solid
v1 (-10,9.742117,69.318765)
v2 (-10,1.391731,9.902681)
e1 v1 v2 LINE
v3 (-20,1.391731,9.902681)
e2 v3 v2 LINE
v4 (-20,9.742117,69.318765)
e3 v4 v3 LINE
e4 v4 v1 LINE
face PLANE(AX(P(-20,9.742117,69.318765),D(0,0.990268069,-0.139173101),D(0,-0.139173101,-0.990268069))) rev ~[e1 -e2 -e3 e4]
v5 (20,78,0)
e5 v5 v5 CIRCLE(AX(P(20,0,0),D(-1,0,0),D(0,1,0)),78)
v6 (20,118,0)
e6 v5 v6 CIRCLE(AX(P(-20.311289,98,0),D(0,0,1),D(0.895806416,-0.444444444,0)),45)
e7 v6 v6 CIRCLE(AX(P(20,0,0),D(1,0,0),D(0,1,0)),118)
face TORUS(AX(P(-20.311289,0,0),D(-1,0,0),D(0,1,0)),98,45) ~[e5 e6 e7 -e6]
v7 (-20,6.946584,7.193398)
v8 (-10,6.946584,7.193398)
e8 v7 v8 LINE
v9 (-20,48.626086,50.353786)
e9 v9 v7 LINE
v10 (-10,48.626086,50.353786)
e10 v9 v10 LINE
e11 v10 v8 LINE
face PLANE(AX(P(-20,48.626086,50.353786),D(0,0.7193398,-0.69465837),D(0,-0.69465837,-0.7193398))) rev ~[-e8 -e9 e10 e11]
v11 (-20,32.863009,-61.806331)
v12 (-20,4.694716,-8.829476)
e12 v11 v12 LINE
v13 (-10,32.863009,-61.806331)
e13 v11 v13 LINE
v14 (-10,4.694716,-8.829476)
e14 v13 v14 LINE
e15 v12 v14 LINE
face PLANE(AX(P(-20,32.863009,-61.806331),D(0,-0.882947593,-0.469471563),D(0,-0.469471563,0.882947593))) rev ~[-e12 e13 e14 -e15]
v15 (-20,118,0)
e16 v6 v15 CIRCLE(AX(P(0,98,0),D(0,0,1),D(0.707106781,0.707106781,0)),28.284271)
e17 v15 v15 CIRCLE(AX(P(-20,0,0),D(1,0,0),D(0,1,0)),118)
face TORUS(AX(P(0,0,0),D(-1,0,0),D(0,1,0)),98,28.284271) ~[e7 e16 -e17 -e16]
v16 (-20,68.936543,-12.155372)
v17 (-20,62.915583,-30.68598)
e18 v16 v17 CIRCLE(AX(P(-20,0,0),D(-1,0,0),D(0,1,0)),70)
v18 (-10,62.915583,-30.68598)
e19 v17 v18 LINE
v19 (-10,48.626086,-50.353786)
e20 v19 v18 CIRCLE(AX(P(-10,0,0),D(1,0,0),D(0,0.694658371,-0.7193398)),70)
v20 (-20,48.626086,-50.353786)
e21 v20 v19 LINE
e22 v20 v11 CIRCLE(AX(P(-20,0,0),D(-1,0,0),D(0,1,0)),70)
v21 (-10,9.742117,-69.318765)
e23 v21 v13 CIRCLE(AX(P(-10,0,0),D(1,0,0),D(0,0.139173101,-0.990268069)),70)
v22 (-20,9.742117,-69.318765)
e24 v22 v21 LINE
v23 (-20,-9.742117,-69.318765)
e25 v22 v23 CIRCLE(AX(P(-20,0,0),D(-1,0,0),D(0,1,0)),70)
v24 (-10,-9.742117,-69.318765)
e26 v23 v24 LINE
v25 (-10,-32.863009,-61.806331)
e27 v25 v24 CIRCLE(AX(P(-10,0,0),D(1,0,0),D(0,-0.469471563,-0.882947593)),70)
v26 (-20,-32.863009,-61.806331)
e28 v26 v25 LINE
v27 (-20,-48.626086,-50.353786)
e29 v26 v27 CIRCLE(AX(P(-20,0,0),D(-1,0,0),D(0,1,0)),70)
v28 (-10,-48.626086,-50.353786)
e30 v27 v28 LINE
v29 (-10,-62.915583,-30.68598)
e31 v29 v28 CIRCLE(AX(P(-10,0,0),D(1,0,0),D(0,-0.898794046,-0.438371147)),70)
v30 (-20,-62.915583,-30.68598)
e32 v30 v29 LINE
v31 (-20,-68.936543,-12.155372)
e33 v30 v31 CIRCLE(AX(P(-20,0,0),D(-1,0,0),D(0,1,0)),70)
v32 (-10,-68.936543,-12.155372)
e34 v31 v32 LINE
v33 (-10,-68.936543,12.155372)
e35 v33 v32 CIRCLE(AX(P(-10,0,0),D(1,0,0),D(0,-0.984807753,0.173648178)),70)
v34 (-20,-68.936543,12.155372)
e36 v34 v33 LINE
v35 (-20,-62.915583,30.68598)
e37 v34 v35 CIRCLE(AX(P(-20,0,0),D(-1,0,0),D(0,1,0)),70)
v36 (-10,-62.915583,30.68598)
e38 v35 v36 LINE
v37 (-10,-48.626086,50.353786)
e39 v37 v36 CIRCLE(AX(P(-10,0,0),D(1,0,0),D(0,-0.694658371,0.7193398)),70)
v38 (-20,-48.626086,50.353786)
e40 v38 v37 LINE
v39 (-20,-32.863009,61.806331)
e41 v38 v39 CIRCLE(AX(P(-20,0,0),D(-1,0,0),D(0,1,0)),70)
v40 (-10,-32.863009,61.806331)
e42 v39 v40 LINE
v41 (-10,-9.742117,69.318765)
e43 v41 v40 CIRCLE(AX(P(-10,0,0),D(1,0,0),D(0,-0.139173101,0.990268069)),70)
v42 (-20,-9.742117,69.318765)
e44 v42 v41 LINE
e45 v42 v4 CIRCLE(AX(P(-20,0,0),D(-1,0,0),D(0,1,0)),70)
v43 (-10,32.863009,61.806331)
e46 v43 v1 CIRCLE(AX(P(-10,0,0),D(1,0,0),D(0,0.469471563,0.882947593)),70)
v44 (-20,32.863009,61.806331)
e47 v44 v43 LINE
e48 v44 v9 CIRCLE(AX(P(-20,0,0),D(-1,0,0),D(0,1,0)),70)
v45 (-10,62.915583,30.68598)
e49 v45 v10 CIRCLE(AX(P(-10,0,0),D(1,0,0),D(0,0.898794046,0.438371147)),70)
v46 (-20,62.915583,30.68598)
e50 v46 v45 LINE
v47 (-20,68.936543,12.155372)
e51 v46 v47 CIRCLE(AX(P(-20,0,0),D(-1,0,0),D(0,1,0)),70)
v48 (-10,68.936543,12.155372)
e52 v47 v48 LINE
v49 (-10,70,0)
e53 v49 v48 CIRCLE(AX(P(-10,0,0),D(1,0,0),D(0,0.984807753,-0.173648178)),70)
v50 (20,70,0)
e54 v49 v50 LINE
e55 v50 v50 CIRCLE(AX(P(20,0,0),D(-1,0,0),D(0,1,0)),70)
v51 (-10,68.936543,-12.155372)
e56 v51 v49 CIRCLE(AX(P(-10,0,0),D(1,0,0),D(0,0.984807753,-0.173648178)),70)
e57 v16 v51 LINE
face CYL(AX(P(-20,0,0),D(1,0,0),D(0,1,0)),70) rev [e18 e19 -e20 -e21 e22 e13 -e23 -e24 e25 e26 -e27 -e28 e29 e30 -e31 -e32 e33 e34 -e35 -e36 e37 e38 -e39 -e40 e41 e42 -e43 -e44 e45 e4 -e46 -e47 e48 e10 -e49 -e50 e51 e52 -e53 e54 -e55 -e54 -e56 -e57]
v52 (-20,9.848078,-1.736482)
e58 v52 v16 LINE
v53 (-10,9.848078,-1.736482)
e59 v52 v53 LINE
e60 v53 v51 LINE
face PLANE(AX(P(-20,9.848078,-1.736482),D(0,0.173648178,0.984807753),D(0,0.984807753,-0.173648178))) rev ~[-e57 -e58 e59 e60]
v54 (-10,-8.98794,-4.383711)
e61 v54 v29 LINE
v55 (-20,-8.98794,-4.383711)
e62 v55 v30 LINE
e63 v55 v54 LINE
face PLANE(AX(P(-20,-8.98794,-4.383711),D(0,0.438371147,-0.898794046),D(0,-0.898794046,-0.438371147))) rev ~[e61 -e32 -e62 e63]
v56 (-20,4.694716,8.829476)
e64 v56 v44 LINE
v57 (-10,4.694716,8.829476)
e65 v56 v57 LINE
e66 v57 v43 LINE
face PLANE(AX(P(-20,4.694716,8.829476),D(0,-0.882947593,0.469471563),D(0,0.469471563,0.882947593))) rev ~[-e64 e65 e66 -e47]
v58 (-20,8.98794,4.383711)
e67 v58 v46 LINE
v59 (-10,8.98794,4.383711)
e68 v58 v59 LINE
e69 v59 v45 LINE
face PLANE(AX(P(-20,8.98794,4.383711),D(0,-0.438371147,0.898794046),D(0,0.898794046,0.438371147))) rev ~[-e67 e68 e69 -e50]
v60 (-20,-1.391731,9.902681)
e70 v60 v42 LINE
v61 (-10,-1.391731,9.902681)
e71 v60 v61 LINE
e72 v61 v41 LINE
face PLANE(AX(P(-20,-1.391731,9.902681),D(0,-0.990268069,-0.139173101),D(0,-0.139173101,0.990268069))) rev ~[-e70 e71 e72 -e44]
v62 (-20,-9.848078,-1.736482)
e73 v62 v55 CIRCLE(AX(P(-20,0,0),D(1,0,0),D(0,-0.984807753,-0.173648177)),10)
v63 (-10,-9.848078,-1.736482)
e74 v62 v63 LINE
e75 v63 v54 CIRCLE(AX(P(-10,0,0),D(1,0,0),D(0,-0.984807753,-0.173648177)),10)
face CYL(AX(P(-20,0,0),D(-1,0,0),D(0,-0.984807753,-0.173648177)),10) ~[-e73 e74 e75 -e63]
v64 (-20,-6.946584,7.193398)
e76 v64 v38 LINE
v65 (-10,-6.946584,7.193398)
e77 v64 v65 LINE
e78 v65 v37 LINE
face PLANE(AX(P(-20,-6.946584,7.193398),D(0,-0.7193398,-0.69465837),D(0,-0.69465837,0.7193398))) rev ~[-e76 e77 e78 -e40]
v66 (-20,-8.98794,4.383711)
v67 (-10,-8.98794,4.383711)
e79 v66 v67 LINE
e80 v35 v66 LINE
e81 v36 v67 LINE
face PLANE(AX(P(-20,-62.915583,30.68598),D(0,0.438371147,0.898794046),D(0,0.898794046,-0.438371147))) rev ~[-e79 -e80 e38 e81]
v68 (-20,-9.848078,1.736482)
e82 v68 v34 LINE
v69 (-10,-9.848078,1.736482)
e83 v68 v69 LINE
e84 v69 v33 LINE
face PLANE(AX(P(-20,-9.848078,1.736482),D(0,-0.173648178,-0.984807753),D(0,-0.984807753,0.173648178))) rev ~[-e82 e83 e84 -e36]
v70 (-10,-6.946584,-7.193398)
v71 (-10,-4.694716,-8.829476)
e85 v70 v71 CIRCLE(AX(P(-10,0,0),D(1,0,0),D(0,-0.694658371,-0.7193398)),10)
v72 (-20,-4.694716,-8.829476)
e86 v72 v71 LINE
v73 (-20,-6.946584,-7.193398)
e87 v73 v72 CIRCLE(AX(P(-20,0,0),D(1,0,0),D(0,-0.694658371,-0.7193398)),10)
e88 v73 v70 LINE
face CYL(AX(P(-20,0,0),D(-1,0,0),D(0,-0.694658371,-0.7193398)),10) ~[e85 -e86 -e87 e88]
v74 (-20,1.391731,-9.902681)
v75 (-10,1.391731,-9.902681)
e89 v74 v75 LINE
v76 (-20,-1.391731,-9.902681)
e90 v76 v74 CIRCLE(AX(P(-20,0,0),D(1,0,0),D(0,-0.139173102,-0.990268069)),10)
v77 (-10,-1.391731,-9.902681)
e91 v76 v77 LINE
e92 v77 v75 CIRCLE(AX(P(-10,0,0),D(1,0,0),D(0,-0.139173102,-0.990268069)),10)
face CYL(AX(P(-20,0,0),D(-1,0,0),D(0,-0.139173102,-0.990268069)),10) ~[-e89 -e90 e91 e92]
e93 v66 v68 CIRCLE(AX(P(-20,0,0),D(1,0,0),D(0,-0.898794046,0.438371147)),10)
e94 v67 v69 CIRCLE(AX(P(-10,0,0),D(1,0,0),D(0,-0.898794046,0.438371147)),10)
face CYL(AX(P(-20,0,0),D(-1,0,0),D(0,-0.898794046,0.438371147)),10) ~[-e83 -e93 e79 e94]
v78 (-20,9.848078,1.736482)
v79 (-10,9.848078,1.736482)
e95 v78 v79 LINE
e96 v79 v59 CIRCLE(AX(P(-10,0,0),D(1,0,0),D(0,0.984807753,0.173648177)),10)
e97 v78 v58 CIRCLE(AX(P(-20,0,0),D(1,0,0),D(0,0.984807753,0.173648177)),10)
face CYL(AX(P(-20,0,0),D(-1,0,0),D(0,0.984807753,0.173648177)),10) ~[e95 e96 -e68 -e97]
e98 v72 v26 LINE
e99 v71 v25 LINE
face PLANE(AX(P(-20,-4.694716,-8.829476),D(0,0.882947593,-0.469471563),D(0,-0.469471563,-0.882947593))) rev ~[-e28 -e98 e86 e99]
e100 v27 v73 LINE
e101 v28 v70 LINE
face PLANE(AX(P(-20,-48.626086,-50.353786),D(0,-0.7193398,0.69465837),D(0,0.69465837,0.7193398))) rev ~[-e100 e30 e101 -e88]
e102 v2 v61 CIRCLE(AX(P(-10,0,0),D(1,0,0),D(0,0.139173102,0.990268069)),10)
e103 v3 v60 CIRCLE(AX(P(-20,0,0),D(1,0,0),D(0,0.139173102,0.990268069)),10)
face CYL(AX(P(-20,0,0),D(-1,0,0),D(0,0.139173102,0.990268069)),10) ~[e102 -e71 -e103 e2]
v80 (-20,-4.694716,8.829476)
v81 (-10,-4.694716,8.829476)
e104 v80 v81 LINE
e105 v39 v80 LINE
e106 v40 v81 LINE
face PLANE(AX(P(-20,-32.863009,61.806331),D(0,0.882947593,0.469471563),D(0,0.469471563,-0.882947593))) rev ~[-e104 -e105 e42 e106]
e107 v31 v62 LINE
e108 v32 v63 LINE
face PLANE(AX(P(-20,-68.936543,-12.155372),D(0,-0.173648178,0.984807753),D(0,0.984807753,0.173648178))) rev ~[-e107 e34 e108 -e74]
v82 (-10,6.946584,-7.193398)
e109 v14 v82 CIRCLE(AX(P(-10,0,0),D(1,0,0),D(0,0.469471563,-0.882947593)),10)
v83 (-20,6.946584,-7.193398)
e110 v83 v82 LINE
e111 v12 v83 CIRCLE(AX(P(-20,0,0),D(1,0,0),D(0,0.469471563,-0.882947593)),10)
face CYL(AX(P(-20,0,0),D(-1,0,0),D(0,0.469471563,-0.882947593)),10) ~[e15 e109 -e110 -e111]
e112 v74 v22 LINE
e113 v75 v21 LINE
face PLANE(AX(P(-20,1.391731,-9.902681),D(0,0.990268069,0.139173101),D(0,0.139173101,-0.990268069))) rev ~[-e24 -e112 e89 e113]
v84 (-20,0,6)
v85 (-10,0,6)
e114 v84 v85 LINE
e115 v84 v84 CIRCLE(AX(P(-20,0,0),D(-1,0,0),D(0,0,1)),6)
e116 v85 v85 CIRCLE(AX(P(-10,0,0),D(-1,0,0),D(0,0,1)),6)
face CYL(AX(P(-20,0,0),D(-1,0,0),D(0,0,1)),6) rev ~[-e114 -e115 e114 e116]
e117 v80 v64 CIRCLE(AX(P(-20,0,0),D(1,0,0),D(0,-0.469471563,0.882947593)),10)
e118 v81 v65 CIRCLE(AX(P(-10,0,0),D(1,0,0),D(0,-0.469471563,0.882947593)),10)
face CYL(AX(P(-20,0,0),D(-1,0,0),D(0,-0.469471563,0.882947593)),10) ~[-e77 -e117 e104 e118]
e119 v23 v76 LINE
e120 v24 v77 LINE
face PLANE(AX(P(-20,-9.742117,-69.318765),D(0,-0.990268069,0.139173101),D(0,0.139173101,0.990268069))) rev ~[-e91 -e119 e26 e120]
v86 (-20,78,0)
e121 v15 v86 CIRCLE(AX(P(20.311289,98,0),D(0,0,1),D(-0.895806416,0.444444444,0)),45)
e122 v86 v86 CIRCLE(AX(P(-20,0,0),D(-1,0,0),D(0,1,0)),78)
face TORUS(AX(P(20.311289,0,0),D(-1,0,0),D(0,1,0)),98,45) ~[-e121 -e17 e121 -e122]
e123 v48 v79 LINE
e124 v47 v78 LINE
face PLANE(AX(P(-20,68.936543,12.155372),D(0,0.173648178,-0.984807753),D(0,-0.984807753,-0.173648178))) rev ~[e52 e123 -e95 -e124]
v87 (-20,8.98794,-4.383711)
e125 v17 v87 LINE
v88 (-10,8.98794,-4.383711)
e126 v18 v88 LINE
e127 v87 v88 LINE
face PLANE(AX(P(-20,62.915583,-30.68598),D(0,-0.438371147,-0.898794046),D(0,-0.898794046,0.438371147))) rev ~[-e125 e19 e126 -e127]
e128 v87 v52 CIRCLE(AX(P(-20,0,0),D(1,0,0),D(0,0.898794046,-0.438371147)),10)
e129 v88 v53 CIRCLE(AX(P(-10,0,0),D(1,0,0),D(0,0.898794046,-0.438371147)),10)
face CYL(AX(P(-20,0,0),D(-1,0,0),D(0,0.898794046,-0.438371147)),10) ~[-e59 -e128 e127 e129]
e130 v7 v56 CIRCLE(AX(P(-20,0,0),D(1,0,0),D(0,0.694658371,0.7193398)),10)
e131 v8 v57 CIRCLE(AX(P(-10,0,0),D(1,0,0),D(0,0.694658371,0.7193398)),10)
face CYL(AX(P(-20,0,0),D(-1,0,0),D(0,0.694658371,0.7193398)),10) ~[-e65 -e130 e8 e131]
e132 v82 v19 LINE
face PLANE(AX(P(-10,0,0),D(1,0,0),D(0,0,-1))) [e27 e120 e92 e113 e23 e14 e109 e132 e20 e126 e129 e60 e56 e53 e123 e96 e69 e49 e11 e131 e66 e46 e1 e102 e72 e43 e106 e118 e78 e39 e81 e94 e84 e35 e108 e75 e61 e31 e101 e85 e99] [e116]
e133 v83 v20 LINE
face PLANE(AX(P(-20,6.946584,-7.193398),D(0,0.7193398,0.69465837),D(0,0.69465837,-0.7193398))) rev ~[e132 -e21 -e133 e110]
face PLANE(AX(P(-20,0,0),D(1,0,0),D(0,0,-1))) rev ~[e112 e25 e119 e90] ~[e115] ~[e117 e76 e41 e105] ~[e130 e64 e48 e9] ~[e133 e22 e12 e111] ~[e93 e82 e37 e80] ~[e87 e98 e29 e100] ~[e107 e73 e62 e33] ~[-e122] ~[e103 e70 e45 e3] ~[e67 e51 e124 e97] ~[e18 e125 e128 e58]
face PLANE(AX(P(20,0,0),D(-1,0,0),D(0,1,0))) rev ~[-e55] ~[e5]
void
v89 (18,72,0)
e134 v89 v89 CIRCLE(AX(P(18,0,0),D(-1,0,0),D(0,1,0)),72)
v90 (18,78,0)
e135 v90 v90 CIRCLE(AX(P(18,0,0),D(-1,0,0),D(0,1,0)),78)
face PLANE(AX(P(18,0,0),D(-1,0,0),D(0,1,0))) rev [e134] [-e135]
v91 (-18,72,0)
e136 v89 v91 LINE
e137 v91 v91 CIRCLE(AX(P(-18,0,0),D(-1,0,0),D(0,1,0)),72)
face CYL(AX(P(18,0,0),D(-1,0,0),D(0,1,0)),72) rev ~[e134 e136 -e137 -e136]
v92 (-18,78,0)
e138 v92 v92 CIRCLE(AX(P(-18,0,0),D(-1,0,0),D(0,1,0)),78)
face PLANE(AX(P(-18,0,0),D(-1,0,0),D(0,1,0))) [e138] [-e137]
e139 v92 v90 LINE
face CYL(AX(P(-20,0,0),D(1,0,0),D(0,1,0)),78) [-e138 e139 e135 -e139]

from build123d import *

# Parameters (mm, degrees)
SKETCH4_R           = 6
BOSS_EXTRUDE2_DEPTH = 10


with BuildPart() as part:
    # Sketch1 → Revolve1 (revolve)
    with BuildSketch(Plane.XY):
        Polygon((18, 78), (20, 78), (20, 70), (0, 70), (-20, 70), (-20, 78), (-18, 78), (-18, 72), (0, 72), (18, 72), align=None)
    revolve(axis=Axis((0, 0, 0), (-1, 0, 0)))

    # Sketch2 → Revolve2 (revolve)
    with BuildSketch(Plane.XY):
        with BuildLine():
            Line((-20, 78), (20, 78))
            ThreePointArc((20, 78), (24.688711259, 98), (20, 118))
            ThreePointArc((20, 118), (0, 126.284271247), (-20, 118))
            ThreePointArc((-20, 118), (-24.688711259, 98), (-20, 78))
        make_face()
    revolve(axis=Axis((-54.573590753, 0, 0), (1, 0, 0)))

    # Sketch4 → Boss-Extrude2 (add)
    with BuildSketch(Plane.ZY.offset(20)):
        with BuildLine():
            Line((4.383711468, 8.987940463), (30.685980275, 62.915583241))
            ThreePointArc((30.685980275, 62.915583241), (41.14496766, 56.631189606), (50.353786024, 48.626085932))
            Line((50.353786024, 48.626085932), (7.193398003, 6.946583705))
            ThreePointArc((7.193398003, 6.946583705), (8.090169944, 5.877852523), (8.829475929, 4.694715628))
            Line((8.829475929, 4.694715628), (61.8063315, 32.863009395))
            ThreePointArc((61.8063315, 32.863009395), (66.573956141, 21.631189606), (69.318764812, 9.742117067))
            Line((69.318764812, 9.742117067), (9.902680687, 1.39173101))
            ThreePointArc((9.902680687, 1.39173101), (10, 0), (9.902680687, -1.39173101))
            Line((9.902680687, -1.39173101), (69.318764812, -9.742117067))
            ThreePointArc((69.318764812, -9.742117067), (66.573956141, -21.631189606), (61.8063315, -32.863009395))
            Line((61.8063315, -32.863009395), (8.829475929, -4.694715628))
            ThreePointArc((8.829475929, -4.694715628), (8.090169944, -5.877852523), (7.193398003, -6.946583705))
            Line((7.193398003, -6.946583705), (50.353786024, -48.626085932))
            ThreePointArc((50.353786024, -48.626085932), (41.14496766, -56.631189606), (30.685980275, -62.915583241))
            Line((30.685980275, -62.915583241), (4.383711468, -8.987940463))
            ThreePointArc((4.383711468, -8.987940463), (3.090169944, -9.510565163), (1.736481777, -9.84807753))
            Line((1.736481777, -9.84807753), (12.155372437, -68.936542711))
            ThreePointArc((12.155372437, -68.936542711), (0, -70), (-12.155372437, -68.936542711))
            Line((-12.155372437, -68.936542711), (-1.736481777, -9.84807753))
            ThreePointArc((-1.736481777, -9.84807753), (-3.090169944, -9.510565163), (-4.383711468, -8.987940463))
            Line((-4.383711468, -8.987940463), (-30.685980275, -62.915583241))
            ThreePointArc((-30.685980275, -62.915583241), (-41.14496766, -56.631189606), (-50.353786024, -48.626085932))
            Line((-50.353786024, -48.626085932), (-7.193398003, -6.946583705))
            ThreePointArc((-7.193398003, -6.946583705), (-8.090169944, -5.877852523), (-8.829475929, -4.694715628))
            Line((-8.829475929, -4.694715628), (-61.8063315, -32.863009395))
            ThreePointArc((-61.8063315, -32.863009395), (-66.573956141, -21.631189606), (-69.318764812, -9.742117067))
            Line((-69.318764812, -9.742117067), (-9.902680687, -1.39173101))
            ThreePointArc((-9.902680687, -1.39173101), (-10, 0), (-9.902680687, 1.39173101))
            Line((-9.902680687, 1.39173101), (-69.318764812, 9.742117067))
            ThreePointArc((-69.318764812, 9.742117067), (-66.573956141, 21.631189606), (-61.8063315, 32.863009395))
            Line((-61.8063315, 32.863009395), (-8.829475929, 4.694715628))
            ThreePointArc((-8.829475929, 4.694715628), (-8.090169944, 5.877852523), (-7.193398003, 6.946583705))
            Line((-7.193398003, 6.946583705), (-50.353786024, 48.626085932))
            ThreePointArc((-50.353786024, 48.626085932), (-41.14496766, 56.631189606), (-30.685980275, 62.915583241))
            Line((-30.685980275, 62.915583241), (-4.383711468, 8.987940463))
            ThreePointArc((-4.383711468, 8.987940463), (-3.090169944, 9.510565163), (-1.736481777, 9.84807753))
            Line((-1.736481777, 9.84807753), (-12.155372437, 68.936542711))
            ThreePointArc((-12.155372437, 68.936542711), (0, 70), (12.155372437, 68.936542711))
            Line((12.155372437, 68.936542711), (1.736481777, 9.84807753))
            ThreePointArc((1.736481777, 9.84807753), (3.090169944, 9.510565163), (4.383711468, 8.987940463))
        make_face()
        Circle(SKETCH4_R, mode=Mode.SUBTRACT)
    extrude(amount=-BOSS_EXTRUDE2_DEPTH)


solid = part.part
